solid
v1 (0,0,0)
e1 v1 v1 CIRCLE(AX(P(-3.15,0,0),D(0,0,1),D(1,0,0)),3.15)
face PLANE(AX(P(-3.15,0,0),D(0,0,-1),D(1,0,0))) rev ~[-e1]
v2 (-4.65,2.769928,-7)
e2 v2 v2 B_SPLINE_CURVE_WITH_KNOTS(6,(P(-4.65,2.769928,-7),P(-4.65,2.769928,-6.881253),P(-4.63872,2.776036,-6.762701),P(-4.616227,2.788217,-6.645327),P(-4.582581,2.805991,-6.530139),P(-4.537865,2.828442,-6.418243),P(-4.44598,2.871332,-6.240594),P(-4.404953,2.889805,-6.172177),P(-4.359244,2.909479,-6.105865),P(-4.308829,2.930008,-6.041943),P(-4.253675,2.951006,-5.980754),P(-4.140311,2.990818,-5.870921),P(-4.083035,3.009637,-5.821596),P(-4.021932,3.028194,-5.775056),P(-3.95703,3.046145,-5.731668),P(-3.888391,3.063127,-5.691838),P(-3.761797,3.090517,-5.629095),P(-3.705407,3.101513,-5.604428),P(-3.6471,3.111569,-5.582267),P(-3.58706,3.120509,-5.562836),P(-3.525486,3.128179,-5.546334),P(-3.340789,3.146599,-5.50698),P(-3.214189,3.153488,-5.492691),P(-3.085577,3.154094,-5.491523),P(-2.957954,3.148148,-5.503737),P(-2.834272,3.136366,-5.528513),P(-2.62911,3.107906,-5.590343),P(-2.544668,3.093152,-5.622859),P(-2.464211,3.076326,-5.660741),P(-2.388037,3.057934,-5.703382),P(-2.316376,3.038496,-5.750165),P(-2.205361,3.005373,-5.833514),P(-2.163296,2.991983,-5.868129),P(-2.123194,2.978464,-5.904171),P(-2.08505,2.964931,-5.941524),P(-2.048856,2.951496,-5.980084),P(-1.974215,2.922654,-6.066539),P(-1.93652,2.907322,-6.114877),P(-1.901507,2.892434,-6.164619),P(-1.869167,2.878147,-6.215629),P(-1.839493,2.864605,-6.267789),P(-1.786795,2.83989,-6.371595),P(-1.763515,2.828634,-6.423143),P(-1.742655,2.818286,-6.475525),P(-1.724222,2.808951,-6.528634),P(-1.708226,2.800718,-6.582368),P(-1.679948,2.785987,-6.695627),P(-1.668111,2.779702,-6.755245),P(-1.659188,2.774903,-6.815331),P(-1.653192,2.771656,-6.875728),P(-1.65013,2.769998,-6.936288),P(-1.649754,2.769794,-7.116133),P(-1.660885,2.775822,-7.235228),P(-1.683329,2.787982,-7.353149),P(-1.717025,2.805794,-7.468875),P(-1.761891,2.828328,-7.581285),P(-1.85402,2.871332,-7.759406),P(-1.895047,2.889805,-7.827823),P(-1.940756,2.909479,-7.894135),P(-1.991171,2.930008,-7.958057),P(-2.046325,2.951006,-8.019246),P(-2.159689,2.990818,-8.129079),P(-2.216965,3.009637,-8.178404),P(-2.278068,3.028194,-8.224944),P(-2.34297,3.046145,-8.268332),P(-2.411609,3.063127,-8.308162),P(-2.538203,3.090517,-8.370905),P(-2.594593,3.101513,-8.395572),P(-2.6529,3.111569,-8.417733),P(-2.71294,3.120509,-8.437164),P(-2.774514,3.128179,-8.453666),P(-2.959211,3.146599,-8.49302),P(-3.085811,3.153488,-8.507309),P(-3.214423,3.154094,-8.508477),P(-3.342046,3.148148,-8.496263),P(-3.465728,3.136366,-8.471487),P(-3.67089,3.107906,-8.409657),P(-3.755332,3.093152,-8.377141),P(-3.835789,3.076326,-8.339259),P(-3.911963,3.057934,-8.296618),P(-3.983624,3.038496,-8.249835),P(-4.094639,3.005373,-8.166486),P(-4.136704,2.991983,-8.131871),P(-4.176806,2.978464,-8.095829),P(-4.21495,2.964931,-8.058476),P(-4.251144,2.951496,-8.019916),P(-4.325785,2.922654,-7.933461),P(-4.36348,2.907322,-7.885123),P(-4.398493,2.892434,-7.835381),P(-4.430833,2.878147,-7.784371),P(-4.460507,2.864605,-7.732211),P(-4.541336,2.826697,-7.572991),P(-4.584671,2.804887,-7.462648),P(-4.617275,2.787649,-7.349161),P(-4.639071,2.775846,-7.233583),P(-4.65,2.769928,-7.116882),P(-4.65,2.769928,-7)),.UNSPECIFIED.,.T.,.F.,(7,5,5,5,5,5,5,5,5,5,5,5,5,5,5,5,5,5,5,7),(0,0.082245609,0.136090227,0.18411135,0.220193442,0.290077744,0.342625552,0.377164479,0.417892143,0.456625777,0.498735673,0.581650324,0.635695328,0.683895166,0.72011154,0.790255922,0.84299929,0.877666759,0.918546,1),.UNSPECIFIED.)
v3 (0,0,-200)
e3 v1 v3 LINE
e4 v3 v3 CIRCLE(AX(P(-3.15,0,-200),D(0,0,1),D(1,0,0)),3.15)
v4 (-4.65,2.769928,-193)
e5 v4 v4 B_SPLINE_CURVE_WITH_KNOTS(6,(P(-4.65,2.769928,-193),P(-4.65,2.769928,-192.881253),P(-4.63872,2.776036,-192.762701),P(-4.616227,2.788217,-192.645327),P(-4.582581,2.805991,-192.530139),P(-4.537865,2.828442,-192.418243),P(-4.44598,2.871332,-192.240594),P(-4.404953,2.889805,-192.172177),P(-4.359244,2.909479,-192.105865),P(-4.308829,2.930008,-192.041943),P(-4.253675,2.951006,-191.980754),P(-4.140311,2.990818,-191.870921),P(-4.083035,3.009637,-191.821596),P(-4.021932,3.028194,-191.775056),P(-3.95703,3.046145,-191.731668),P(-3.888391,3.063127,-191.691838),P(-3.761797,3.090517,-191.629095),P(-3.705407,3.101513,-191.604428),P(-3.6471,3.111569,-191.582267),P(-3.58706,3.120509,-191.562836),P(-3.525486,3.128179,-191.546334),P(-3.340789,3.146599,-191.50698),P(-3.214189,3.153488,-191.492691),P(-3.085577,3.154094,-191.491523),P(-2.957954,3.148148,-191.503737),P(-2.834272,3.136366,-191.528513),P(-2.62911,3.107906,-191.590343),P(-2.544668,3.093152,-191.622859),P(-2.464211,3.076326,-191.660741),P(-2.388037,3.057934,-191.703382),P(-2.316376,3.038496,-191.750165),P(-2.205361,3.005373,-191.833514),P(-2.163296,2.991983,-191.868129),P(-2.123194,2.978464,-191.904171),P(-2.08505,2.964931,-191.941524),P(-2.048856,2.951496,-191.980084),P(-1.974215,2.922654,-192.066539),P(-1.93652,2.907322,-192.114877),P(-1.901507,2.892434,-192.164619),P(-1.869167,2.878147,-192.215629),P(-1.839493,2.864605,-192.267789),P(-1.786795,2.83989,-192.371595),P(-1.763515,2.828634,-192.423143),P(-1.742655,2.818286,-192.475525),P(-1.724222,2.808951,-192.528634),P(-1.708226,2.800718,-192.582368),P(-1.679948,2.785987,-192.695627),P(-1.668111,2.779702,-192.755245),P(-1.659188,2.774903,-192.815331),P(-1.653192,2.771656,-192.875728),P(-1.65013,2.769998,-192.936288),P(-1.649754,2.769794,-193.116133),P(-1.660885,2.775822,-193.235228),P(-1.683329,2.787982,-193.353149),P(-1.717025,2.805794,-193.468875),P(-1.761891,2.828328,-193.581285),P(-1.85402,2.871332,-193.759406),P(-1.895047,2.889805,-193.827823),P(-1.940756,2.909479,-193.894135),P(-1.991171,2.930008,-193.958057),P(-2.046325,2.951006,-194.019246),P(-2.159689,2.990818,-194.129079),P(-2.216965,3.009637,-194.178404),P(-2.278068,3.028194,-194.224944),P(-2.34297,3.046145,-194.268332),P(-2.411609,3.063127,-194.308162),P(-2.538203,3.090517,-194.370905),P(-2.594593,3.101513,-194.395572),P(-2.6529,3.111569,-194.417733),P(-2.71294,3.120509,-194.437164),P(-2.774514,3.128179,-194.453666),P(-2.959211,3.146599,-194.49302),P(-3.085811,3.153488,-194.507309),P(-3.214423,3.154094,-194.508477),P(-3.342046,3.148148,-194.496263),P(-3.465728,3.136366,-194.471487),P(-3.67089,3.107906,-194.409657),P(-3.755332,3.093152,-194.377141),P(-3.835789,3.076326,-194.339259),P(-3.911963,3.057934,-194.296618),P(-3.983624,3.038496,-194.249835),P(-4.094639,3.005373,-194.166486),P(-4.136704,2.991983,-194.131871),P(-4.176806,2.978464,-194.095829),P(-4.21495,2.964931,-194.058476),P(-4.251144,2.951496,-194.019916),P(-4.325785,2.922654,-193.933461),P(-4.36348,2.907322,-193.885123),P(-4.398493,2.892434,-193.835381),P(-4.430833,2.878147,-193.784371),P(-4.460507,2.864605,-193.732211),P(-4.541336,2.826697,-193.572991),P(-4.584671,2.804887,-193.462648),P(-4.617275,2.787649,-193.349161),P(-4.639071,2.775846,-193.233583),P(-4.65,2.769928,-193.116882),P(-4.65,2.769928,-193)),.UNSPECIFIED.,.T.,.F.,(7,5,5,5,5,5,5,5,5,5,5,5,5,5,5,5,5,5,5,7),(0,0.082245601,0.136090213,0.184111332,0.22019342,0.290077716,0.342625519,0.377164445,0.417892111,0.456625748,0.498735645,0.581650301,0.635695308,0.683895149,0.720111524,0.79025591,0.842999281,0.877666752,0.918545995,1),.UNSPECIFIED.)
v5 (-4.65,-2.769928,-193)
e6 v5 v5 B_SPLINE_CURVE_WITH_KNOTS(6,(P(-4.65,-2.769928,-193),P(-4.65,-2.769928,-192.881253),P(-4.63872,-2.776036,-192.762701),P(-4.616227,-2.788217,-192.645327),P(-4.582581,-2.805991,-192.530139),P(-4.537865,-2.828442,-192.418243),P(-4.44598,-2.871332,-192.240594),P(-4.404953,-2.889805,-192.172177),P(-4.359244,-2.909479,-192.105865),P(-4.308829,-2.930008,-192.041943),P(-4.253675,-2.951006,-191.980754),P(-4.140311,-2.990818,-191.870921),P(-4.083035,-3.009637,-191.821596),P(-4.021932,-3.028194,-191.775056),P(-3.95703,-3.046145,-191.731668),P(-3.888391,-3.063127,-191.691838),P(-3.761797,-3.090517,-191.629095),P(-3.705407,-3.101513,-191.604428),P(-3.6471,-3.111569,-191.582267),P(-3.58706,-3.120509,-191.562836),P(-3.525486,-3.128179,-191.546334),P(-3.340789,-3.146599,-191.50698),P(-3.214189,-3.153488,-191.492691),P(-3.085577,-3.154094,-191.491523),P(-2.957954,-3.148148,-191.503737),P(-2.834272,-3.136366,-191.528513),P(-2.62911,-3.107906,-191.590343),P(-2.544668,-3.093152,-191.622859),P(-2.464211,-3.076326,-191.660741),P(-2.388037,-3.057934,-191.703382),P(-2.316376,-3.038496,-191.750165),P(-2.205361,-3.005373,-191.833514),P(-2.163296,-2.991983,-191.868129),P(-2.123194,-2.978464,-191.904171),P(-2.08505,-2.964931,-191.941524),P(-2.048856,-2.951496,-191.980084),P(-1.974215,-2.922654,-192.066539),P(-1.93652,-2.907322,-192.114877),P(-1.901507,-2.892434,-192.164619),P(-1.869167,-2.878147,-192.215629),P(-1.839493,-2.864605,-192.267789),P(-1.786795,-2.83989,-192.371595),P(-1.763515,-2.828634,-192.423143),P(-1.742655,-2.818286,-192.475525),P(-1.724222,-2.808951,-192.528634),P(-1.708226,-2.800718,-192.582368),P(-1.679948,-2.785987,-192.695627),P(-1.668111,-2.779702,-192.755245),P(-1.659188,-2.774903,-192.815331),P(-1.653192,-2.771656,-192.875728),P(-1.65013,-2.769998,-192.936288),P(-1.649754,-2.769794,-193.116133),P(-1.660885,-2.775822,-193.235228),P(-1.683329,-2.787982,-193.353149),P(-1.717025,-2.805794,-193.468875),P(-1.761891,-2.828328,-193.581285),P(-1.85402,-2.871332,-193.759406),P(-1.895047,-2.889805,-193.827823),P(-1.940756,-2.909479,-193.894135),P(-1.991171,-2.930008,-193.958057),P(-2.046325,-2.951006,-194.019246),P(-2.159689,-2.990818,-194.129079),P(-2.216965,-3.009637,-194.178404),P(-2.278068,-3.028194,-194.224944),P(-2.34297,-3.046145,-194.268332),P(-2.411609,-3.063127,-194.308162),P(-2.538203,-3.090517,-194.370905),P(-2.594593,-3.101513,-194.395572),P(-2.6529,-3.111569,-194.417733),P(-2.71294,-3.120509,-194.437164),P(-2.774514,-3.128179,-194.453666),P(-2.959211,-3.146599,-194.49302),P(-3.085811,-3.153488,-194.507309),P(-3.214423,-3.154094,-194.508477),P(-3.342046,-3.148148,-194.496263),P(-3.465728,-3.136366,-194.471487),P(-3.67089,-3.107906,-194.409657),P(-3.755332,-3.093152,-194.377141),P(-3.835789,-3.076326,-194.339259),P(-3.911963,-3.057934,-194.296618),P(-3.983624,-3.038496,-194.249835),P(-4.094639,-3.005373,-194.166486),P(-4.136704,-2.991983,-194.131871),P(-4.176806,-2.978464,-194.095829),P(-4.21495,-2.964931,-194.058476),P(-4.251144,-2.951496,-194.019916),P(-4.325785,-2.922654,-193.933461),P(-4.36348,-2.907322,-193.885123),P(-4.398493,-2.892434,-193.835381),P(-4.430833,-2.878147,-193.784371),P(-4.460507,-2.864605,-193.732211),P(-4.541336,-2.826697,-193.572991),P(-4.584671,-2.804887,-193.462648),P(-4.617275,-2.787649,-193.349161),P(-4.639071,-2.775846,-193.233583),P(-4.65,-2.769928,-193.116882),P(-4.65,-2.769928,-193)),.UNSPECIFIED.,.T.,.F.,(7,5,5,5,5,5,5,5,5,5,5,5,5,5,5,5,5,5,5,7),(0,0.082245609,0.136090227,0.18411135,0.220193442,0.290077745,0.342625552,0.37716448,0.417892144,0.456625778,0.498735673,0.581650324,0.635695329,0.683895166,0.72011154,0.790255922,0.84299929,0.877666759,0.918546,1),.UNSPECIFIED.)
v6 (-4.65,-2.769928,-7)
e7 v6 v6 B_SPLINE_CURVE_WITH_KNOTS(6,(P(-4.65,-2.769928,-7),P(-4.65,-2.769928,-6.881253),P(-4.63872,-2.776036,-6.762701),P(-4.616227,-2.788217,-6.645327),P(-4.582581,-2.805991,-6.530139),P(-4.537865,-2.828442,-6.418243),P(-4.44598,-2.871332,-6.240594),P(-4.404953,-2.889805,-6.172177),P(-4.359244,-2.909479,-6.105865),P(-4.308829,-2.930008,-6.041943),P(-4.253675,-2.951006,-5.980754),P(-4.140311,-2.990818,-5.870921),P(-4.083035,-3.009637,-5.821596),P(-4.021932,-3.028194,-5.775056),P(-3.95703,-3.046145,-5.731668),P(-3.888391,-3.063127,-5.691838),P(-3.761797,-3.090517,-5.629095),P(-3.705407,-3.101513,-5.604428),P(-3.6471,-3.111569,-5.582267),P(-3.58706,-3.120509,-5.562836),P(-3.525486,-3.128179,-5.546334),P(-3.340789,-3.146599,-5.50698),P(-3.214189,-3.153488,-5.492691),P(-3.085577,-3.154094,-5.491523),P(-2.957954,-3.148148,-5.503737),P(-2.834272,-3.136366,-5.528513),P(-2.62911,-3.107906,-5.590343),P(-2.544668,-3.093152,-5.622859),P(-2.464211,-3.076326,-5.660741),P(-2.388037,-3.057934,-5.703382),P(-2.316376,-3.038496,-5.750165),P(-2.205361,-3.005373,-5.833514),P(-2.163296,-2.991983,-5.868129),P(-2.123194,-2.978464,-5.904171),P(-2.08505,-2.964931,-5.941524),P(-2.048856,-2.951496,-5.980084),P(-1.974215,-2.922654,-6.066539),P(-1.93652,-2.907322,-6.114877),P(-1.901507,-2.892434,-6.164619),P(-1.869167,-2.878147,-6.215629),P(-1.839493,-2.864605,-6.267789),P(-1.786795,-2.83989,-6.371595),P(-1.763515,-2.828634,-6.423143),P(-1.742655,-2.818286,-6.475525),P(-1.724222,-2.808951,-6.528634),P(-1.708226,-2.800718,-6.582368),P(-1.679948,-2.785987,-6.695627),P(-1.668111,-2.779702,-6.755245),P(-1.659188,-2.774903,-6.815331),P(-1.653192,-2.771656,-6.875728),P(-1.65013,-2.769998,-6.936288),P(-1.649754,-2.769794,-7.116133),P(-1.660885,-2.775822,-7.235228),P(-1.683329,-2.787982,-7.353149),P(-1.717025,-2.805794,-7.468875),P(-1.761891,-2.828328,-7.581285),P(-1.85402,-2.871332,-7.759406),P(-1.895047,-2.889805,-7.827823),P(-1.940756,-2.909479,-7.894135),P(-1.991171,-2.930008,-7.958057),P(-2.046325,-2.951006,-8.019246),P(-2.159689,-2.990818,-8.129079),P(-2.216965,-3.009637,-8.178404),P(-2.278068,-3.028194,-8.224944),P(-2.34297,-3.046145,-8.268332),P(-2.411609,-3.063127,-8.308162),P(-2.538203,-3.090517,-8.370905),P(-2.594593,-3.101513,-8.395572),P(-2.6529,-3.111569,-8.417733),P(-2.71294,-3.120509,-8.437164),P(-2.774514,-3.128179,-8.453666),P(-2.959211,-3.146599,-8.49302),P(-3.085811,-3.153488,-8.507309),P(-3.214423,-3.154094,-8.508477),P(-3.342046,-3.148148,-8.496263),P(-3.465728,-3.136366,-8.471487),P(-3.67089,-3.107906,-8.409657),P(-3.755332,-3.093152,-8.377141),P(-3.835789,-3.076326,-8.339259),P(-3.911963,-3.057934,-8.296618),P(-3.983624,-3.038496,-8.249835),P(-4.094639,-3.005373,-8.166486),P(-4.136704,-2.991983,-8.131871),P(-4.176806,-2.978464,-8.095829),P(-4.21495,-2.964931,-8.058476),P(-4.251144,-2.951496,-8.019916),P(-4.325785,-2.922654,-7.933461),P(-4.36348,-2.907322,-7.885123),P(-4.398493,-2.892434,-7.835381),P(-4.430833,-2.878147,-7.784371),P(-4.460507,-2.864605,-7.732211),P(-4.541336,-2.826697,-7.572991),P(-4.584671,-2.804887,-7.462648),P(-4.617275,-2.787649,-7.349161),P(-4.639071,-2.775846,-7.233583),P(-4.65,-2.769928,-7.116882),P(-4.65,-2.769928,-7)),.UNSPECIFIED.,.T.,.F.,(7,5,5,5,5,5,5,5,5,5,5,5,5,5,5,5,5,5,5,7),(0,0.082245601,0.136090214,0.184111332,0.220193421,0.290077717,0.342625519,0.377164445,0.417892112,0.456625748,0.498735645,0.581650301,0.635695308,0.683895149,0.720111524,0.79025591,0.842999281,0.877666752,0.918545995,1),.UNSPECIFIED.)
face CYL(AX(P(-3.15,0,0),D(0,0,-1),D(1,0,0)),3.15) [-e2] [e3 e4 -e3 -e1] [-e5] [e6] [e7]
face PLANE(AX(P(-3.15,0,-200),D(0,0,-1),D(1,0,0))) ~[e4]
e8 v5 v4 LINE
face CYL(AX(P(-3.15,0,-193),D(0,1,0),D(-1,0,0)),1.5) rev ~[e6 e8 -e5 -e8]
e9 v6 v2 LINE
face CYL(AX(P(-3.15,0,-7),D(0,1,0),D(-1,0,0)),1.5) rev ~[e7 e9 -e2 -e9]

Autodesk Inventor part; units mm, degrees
ref_plane "YZ Plane" through (0, 0, 0) normal (1, 0, 0) x (0, 1, 0)
ref_plane "XZ Plane" through (0, 0, 0) normal (0, 1, 0) x (-1, 0, 0)
ref_plane "XY Plane" through (0, 0, 0) normal (0, 0, 1) x (1, 0, 0)
sketch "Sketch1" plane through (0, 0, 0) normal (0, 1, 0) x (-1, 0, 0)
  line L0 (0, 0) -> (0, -200)
  line L1 (0, 0) -> (6.3, 0)
  line L2 (6.3, 0) -> (6.3, -200)
  line L3 (6.3, -200) -> (0, -200)
  line L4 (3.15, 0) -> (3.15, -200)
  line L5 (3.15, 0) -> (3.15, -7)
  line L6 (3.15, -200) -> (3.15, -193)
  circle A0 centre (3.15, -193) radius 1.5
  circle A1 centre (3.15, -7) radius 1.5
  dimension "d0" = 200
  dimension "d1" = 6.3
  dimension "d2" = 7
  dimension "d3" = 7
  dimension "d4" = 3
  dimension "d5" = 3
revolve "Revolution1" add sketch "Sketch1" angle 360 about axis through (-3.15, 0, 0) along (0, 0, -1)
extrude "Extrusion1" cut sketch "Sketch1" along normal mid plane 10 contours A1 L4 | L4 A1 | A0 L4 | L4 A0
properties part number "metal_shaft"
